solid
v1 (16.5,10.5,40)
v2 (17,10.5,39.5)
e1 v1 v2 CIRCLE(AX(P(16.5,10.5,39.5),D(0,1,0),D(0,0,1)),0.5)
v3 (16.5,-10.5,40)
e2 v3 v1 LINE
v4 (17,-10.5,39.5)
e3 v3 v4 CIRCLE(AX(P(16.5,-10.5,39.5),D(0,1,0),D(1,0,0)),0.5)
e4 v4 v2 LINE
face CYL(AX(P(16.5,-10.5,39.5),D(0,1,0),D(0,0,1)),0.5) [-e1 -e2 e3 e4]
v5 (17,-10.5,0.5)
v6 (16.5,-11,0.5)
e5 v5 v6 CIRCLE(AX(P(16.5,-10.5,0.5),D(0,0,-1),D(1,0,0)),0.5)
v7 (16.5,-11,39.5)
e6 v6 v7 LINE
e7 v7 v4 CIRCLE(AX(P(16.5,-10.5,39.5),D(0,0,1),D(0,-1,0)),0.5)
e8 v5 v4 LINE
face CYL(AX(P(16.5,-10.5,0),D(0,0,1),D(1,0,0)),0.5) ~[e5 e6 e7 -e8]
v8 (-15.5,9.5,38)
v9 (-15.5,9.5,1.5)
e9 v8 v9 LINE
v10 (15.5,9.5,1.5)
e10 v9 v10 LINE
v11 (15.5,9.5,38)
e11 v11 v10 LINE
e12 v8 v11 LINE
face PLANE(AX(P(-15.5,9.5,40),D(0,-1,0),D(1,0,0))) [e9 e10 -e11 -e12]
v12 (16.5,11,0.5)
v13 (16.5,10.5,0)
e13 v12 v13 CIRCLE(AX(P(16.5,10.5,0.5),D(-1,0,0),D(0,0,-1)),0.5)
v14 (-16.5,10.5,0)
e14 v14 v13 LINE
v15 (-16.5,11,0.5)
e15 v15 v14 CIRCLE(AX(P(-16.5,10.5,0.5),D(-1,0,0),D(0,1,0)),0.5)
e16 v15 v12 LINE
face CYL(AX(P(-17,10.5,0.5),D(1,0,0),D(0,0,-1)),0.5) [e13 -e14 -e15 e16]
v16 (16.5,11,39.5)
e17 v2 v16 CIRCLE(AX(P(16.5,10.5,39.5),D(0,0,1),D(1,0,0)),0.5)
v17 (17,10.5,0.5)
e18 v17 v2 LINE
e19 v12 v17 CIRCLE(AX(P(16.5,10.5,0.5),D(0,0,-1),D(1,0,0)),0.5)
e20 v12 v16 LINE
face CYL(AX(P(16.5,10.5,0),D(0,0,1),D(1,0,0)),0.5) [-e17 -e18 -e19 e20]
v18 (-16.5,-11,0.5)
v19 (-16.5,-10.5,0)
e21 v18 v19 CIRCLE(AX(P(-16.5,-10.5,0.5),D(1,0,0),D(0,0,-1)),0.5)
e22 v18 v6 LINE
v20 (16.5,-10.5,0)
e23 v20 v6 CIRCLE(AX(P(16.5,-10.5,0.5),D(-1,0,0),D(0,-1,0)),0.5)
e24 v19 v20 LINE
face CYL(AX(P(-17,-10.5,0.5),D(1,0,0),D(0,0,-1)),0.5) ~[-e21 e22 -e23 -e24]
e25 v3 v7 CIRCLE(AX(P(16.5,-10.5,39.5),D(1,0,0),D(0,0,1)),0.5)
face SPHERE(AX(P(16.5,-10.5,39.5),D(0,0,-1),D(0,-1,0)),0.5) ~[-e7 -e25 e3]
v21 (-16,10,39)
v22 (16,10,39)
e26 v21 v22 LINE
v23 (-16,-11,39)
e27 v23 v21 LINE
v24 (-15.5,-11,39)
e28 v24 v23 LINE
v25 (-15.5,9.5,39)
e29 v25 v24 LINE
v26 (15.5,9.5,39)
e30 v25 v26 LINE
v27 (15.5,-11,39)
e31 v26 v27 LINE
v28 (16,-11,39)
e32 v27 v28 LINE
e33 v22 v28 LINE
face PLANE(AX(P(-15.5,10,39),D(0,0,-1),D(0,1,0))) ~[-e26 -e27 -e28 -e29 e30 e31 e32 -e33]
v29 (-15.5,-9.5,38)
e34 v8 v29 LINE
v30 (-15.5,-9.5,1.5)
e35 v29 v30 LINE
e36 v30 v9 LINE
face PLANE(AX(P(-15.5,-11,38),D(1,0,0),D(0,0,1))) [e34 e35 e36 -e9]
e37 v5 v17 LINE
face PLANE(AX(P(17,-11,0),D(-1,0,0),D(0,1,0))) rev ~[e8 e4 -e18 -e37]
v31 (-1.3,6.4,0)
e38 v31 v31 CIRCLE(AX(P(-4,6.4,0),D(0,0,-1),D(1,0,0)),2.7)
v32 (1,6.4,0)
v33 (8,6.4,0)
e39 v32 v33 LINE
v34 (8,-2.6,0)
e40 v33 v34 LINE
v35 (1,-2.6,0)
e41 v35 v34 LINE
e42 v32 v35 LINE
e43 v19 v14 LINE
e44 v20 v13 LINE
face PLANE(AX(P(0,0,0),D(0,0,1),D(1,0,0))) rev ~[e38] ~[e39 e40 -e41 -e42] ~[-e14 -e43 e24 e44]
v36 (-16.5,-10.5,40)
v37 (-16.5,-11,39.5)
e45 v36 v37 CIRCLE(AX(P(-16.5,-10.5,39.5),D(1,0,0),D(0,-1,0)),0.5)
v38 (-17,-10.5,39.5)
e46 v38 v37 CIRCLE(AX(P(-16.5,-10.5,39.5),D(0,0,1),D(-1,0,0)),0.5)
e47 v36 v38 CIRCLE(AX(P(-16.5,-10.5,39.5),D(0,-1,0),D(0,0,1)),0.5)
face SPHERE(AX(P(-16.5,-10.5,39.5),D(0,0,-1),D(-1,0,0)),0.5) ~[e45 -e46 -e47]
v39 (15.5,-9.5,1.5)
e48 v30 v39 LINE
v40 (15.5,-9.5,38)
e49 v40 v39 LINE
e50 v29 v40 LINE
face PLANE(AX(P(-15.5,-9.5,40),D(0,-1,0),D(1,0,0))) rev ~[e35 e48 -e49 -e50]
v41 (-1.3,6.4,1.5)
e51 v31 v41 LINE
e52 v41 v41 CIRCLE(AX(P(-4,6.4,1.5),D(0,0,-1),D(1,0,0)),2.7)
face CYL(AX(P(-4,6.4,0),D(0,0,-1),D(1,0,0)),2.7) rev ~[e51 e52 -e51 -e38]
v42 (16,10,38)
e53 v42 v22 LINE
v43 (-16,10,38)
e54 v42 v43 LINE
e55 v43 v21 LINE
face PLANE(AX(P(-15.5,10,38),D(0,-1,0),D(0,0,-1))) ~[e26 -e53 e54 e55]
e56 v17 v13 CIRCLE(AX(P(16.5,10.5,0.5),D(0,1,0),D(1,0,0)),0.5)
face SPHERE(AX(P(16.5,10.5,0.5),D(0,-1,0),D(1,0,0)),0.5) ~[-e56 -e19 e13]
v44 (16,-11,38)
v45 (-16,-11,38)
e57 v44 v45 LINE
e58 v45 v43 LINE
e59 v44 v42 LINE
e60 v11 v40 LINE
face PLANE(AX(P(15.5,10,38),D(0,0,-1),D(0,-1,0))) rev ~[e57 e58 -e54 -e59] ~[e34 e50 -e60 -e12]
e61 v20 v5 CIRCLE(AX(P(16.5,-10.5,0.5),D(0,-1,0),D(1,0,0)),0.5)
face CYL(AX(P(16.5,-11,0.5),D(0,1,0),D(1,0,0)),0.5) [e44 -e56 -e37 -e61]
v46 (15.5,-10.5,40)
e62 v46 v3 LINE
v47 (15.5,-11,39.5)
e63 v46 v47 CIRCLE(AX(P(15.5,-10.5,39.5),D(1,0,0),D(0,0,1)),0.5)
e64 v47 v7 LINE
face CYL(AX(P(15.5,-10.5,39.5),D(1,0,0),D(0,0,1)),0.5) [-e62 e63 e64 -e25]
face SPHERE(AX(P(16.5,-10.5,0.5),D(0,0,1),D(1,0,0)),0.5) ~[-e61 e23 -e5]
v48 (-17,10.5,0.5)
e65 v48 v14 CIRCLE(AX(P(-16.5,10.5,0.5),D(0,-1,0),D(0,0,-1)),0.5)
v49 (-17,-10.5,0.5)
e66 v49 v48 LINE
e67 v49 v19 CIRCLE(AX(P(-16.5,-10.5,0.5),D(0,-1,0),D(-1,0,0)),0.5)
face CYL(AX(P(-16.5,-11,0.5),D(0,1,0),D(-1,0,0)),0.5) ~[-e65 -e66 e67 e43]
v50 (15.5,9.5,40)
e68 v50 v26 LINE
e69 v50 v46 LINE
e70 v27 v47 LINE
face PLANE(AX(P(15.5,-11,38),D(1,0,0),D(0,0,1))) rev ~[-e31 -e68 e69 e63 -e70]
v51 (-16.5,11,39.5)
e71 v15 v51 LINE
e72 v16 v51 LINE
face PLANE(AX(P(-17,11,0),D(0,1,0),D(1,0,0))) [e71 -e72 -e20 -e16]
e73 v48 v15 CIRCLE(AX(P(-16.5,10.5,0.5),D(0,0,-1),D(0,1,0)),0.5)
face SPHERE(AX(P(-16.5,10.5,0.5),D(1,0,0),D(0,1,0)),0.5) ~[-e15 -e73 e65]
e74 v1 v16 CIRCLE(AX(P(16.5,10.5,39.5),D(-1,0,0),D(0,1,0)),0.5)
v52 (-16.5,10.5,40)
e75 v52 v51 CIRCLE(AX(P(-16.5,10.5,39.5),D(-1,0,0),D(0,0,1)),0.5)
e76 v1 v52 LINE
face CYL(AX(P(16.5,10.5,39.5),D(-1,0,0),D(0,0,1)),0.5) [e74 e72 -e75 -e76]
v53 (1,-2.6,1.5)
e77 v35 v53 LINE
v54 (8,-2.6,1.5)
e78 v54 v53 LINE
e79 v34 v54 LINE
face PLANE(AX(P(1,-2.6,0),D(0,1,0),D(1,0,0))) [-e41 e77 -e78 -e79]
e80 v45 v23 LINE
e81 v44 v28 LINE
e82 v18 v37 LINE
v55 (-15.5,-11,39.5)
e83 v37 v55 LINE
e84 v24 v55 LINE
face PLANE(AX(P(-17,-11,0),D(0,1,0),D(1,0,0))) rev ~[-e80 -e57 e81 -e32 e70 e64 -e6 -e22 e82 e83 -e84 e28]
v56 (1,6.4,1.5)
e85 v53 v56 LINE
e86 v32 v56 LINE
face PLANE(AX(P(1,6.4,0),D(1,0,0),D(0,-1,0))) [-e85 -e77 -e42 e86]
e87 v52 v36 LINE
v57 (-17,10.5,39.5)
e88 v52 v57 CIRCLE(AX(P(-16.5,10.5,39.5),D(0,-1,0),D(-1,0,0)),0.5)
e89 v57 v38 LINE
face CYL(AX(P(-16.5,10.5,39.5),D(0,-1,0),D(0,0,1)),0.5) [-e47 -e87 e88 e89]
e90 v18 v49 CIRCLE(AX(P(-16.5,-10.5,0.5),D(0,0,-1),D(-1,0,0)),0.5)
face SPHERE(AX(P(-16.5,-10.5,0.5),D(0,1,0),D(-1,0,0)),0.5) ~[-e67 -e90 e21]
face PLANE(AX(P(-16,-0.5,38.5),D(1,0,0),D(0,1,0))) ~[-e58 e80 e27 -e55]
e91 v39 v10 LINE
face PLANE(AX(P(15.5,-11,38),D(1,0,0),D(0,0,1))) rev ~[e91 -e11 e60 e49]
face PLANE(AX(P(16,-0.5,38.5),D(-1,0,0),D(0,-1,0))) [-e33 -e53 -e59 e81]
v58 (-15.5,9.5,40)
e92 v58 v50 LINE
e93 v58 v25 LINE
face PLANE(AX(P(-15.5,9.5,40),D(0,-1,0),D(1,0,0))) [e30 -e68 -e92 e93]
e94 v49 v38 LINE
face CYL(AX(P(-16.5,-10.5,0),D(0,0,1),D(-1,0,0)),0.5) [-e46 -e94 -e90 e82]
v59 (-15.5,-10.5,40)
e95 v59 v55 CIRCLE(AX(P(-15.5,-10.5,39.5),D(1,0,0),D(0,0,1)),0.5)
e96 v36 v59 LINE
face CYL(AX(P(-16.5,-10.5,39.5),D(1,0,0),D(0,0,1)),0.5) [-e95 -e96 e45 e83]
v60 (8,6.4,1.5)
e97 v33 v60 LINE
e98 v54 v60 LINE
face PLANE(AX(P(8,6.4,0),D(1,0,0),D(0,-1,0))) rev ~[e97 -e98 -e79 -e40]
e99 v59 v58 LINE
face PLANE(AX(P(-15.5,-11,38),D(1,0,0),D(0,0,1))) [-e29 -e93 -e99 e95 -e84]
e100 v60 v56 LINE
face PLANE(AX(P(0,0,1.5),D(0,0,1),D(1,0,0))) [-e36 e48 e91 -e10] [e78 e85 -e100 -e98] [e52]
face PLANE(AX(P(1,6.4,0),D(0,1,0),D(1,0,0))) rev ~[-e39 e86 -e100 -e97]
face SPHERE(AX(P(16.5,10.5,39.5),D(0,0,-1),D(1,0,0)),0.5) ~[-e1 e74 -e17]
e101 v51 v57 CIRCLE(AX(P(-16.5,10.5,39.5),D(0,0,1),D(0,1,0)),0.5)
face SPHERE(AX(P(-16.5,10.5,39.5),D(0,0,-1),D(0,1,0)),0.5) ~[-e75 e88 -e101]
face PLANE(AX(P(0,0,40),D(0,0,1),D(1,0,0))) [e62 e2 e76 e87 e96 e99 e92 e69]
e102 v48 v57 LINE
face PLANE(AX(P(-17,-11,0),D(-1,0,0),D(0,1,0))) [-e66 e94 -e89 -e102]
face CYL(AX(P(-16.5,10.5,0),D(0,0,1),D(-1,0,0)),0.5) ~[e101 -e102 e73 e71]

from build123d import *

# Parameters (mm, degrees)
SKETCH_W        = 34
SKETCH_H        = 22
PAD_DEPTH       = 40
SKETCH001_W     = 31
SKETCH001_H     = 19
POCKET_DEPTH    = 38.5
SKETCH002_R     = 2.7
SKETCH002_W     = 7
SKETCH002_H     = 9
POCKET001_DEPTH = 40.001
SKETCH003_W     = 31
SKETCH003_H     = 2
POCKET002_DEPTH = 1.5
SKETCH004_W     = 21
SKETCH004_H     = 1
POCKET003_DEPTH = 0.5
SKETCH009_W     = 32
SKETCH009_H     = 1
POCKET007_DEPTH = 0.5
FILLET_R        = 0.5
FILLET001_R     = 0.5


with BuildPart() as part:
    # Sketch → Pad (new body)
    with BuildSketch(Plane.XY):
        Rectangle(SKETCH_W, SKETCH_H)
    extrude(amount=PAD_DEPTH)

    # Sketch001 (on Face6 of Pad) → Pocket (cut)
    with BuildSketch(Plane.XY.offset(40)):
        Rectangle(SKETCH001_W, SKETCH001_H)
    extrude(amount=-POCKET_DEPTH, mode=Mode.SUBTRACT)

    # Sketch002 (on Face4 of Pocket) → Pocket001 (cut, through all)
    with BuildSketch(Plane(origin=(0, 0, 0), x_dir=(1, 0, 0), z_dir=(0, 0, -1))):
        with Locations((-4, -6.4)):
            Circle(SKETCH002_R)
        with Locations((4.5, -1.9)):
            Rectangle(SKETCH002_W, SKETCH002_H)
    extrude(amount=-POCKET001_DEPTH, mode=Mode.SUBTRACT)

    # Sketch003 (on Face6 of Pocket001) → Pocket002 (cut)
    with BuildSketch(Plane.XZ.offset(11)):
        with Locations((0, 39)):
            Rectangle(SKETCH003_W, SKETCH003_H)
    extrude(amount=-POCKET002_DEPTH, mode=Mode.SUBTRACT)

    # Sketch004 (on Face16 of Pocket002) → Pocket003 (cut)
    with BuildSketch(Plane(origin=(15.5, 0, 0), x_dir=(0, -1, 0), z_dir=(-1, 0, 0))):
        with Locations((0.5, 38.5)):
            Rectangle(SKETCH004_W, SKETCH004_H)
    pocket003 = extrude(amount=-POCKET003_DEPTH, mode=Mode.SUBTRACT)

    # Mirrored: Pocket003 across YZ
    add(pocket003.mirror(Plane.YZ), mode=Mode.SUBTRACT)

    # Sketch009 (on Face14 of Mirrored) → Pocket007 (cut)
    with BuildSketch(Plane.XZ.offset(-9.5)):
        with Locations((0, 38.5)):
            Rectangle(SKETCH009_W, SKETCH009_H)
    extrude(amount=-POCKET007_DEPTH, mode=Mode.SUBTRACT)

    # Fillet
    fillet_edges = [part.edges().sort_by_distance(p)[0] for p in [
        (17, -11, 20),
        (17, 0, 0),
        (17, 11, 20),
        (0, 11, 0),
        (-17, 11, 20),
        (-17, 0, 0),
        (-17, -11, 20),
        (0, -11, 0),
    ]]
    fillet(fillet_edges, radius=FILLET_R)

    # Fillet001
    fillet001_edges = [part.edges().sort_by_distance(p)[0] for p in [
        (17, 0, 40),
        (0, 11, 40),
        (-17, 0, 40),
    ]]
    fillet(fillet001_edges, radius=FILLET001_R)


solid = part.part
